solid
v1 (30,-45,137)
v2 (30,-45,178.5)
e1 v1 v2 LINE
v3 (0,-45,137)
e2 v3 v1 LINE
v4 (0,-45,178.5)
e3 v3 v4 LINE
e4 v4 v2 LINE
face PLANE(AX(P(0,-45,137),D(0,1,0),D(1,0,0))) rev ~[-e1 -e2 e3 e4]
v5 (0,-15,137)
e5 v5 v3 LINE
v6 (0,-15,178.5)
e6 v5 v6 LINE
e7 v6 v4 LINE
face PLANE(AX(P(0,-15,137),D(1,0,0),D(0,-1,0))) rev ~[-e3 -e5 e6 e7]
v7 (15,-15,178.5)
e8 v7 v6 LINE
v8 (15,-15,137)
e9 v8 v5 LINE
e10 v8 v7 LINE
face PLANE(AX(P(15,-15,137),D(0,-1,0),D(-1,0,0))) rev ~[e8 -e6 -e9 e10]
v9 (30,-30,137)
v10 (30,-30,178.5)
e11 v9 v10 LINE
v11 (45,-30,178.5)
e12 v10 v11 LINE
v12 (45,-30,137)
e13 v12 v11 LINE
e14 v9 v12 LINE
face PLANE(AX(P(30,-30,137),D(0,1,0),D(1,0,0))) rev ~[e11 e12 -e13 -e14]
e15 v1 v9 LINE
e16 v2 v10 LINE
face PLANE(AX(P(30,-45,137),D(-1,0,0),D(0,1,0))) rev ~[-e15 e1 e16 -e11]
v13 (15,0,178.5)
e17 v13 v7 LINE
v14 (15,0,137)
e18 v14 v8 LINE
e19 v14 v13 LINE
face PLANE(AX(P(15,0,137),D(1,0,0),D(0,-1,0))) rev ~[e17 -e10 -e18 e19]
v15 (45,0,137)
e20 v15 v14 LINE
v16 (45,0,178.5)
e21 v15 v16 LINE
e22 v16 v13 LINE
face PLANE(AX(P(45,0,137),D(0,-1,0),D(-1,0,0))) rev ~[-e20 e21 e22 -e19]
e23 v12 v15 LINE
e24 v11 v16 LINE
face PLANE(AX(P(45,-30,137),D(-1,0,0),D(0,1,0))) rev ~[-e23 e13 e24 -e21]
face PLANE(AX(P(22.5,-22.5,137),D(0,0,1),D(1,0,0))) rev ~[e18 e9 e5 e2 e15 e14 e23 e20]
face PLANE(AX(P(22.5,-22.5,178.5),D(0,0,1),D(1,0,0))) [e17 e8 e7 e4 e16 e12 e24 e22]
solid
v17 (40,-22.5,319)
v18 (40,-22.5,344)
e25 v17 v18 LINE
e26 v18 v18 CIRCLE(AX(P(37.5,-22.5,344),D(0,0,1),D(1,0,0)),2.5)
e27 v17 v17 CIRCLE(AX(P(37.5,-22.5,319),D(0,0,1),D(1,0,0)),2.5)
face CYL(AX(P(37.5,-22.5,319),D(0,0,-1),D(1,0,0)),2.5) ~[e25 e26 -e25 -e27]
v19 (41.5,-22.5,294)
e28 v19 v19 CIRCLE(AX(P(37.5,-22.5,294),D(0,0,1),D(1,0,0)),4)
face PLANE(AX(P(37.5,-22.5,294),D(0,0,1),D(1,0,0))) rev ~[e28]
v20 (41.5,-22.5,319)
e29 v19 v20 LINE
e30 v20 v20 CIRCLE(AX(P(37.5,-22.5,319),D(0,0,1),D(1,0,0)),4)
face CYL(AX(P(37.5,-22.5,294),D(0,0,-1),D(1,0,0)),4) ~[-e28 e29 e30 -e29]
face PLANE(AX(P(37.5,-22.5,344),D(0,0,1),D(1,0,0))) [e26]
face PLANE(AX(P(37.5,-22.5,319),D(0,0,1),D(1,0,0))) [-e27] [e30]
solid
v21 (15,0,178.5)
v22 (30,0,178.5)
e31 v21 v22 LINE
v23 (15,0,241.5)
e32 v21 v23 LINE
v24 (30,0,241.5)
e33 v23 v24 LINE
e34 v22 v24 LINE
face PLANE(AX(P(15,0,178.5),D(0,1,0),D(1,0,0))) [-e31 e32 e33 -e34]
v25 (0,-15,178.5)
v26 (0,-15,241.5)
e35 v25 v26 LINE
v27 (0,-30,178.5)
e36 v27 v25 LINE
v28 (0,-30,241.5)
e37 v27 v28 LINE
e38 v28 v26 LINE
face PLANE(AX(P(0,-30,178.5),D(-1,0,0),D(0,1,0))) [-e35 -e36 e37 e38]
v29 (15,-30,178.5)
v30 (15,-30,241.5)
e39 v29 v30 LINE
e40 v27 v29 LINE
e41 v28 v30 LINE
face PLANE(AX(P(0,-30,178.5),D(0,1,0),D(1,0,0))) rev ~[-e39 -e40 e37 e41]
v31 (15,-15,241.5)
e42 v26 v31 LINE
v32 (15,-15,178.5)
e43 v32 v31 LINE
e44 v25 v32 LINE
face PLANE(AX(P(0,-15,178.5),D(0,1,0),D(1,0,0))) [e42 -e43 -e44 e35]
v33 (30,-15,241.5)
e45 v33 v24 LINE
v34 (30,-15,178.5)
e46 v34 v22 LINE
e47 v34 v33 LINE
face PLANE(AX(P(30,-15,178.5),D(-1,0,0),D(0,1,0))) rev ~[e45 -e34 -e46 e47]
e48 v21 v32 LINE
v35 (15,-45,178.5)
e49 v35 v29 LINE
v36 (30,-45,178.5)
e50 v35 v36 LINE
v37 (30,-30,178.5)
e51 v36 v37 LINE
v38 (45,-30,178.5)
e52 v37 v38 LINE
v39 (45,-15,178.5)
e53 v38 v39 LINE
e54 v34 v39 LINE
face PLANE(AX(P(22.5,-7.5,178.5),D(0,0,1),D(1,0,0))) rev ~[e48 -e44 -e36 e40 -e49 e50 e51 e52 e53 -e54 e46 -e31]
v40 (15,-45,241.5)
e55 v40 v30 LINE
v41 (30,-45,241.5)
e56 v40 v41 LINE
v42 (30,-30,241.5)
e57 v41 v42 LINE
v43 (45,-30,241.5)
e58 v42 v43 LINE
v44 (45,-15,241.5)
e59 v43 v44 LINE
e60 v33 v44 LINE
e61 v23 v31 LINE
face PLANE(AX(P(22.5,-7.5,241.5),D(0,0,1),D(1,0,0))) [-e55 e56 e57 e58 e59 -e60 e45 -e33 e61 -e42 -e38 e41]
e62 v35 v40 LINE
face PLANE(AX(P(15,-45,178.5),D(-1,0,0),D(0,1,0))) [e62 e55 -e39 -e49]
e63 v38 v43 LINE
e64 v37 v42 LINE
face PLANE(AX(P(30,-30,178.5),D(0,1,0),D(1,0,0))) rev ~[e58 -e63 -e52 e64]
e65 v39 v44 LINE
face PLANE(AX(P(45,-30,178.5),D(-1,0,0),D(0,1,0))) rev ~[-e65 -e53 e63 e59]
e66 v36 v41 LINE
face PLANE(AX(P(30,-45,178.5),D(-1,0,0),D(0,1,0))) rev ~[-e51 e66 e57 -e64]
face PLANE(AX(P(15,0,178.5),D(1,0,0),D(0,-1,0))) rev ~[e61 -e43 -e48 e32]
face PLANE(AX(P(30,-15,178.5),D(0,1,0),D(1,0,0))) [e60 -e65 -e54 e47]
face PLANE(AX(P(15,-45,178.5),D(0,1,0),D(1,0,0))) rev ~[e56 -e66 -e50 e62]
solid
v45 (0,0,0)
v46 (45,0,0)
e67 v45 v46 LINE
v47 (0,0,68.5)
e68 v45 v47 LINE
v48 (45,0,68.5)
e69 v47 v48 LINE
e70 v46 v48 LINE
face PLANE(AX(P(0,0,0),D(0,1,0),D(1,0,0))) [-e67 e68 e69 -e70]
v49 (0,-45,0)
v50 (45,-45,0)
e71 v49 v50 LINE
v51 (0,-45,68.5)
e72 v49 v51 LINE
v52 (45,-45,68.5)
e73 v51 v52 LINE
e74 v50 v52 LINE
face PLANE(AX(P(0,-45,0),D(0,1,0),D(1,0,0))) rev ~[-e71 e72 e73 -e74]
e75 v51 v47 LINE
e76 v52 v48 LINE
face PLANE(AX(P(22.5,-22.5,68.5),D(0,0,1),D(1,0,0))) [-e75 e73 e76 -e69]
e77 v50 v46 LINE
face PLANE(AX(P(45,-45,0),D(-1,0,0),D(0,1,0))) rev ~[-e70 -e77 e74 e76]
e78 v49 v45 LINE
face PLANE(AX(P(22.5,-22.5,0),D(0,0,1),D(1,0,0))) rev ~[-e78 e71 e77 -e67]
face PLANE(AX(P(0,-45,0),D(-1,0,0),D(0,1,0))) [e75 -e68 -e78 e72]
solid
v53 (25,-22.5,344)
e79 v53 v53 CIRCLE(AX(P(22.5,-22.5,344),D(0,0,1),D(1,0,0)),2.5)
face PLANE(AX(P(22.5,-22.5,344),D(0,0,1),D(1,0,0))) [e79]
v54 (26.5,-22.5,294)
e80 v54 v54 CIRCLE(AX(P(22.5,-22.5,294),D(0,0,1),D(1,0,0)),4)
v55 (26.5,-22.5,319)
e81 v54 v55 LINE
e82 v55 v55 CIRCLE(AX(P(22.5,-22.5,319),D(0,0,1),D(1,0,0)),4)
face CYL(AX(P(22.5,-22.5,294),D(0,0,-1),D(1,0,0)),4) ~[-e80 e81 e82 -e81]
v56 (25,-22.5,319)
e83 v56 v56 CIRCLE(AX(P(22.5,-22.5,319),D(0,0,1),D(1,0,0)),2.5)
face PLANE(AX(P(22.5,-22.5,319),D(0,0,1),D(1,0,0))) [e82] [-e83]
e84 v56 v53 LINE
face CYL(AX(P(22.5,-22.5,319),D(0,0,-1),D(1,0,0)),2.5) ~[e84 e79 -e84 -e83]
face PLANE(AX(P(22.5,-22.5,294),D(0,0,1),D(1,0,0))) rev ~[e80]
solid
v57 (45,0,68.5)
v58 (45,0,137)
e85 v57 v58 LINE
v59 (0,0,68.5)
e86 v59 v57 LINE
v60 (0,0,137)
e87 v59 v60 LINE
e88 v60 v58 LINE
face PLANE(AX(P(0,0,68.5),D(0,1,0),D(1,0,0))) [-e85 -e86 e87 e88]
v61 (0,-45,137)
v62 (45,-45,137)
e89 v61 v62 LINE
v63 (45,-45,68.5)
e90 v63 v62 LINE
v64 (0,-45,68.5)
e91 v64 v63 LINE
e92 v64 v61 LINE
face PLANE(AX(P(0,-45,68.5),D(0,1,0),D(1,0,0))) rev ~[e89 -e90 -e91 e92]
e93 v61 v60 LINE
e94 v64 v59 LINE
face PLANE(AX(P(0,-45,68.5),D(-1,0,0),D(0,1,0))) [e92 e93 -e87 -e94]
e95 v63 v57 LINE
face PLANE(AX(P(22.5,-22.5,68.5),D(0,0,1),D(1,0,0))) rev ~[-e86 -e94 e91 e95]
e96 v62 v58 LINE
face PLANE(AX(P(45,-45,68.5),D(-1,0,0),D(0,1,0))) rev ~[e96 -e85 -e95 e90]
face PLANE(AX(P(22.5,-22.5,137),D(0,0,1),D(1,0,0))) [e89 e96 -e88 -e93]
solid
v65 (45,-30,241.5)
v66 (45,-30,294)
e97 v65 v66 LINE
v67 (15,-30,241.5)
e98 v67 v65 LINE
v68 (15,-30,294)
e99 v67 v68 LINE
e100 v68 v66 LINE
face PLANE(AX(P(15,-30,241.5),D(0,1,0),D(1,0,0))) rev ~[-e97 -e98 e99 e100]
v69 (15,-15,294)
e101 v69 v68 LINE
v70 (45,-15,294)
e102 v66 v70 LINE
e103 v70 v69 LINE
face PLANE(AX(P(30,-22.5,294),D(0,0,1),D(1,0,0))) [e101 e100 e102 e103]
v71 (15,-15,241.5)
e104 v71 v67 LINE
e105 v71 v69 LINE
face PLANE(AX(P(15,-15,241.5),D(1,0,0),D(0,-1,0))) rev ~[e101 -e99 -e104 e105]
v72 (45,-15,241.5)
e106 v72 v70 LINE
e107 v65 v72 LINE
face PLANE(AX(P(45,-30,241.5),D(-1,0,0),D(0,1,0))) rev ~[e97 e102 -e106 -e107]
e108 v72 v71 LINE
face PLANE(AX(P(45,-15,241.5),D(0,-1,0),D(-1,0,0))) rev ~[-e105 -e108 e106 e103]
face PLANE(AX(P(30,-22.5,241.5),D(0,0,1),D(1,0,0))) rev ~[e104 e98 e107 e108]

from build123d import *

# Parameters (mm, degrees)
F0_W      = 45
F0_H      = 45
F1_DEPTH  = 68.5
F2_DEPTH  = 68.5
F4_DEPTH  = 41.5
F5_W      = 15
F5_H      = 15
F6_DEPTH  = 63
F8_DEPTH  = 52.5
F9_R      = 4
F10_DEPTH = 25
F11_R     = 2.5
F12_DEPTH = 25


with BuildPart() as f1:
    # F0 (on Top) → F1 (new body)
    with BuildSketch(Plane.XY):
        with Locations((22.5, -22.5)):
            Rectangle(F0_W, F0_H)
    extrude(amount=F1_DEPTH)


with BuildPart() as f2:
    # F2 (new): a face of the model
    f2_faces = [f1.part.faces().sort_by_distance(p)[0] for p in [
        (22.5, -22.5, 68.5),
    ]]
    extrude(f2_faces, amount=F2_DEPTH)


with BuildPart() as f4:
    # F3 (on face) → F4 (new body)
    with BuildSketch(Plane.XY.offset(137)):
        Polygon((45, 0), (15, 0), (15, -15), (0, -15), (0, -45), (30, -45), (30, -30), (45, -30), align=None)
    extrude(amount=F4_DEPTH)


with BuildPart() as f6:
    # F5 (on face) → F6 (new body)
    with BuildSketch(Plane.XY.offset(178.5)):
        with Locations((22.5, -7.5)):
            Rectangle(F5_W, F5_H)
        with Locations((22.5, -22.5)):
            Rectangle(F5_W, F5_H)
        with Locations((7.5, -22.5)):
            Rectangle(F5_W, F5_H)
        with Locations((22.5, -37.5)):
            Rectangle(F5_W, F5_H)
        with Locations((37.5, -22.5)):
            Rectangle(F5_W, F5_H)
    extrude(amount=F6_DEPTH)


with BuildPart() as f8:
    # F7 (on face) → F8 (new body)
    with BuildSketch(Plane.XY.offset(241.5)):
        Polygon((45, -30), (45, -15), (30, -15), (15, -15), (15, -30), (30, -30), align=None)
    extrude(amount=F8_DEPTH)


with BuildPart() as f10:
    # F9 (on face) → F10 (new body)
    with BuildSketch(Plane.XY.offset(294)):
        with Locations((22.5, -22.5)):
            Circle(F9_R)
    extrude(amount=F10_DEPTH)

    # F11 (on face) → F12 (join)
    with BuildSketch(Plane.XY.offset(319)):
        with Locations((22.5, -22.5)):
            Circle(F11_R)
    extrude(amount=F12_DEPTH)


with BuildPart() as f10b:
    # F9 (on face) → F10, piece 2 (new body)
    with BuildSketch(Plane.XY.offset(294)):
        with Locations((37.5, -22.5)):
            Circle(F9_R)
    extrude(amount=F10_DEPTH)

    # F11 (on face) → F12, piece 2 (join)
    with BuildSketch(Plane.XY.offset(319)):
        with Locations((37.5, -22.5)):
            Circle(F11_R)
    extrude(amount=F12_DEPTH)


solid = Compound([f1.part, f2.part, f4.part, f6.part, f8.part, f10.part, f10b.part])
